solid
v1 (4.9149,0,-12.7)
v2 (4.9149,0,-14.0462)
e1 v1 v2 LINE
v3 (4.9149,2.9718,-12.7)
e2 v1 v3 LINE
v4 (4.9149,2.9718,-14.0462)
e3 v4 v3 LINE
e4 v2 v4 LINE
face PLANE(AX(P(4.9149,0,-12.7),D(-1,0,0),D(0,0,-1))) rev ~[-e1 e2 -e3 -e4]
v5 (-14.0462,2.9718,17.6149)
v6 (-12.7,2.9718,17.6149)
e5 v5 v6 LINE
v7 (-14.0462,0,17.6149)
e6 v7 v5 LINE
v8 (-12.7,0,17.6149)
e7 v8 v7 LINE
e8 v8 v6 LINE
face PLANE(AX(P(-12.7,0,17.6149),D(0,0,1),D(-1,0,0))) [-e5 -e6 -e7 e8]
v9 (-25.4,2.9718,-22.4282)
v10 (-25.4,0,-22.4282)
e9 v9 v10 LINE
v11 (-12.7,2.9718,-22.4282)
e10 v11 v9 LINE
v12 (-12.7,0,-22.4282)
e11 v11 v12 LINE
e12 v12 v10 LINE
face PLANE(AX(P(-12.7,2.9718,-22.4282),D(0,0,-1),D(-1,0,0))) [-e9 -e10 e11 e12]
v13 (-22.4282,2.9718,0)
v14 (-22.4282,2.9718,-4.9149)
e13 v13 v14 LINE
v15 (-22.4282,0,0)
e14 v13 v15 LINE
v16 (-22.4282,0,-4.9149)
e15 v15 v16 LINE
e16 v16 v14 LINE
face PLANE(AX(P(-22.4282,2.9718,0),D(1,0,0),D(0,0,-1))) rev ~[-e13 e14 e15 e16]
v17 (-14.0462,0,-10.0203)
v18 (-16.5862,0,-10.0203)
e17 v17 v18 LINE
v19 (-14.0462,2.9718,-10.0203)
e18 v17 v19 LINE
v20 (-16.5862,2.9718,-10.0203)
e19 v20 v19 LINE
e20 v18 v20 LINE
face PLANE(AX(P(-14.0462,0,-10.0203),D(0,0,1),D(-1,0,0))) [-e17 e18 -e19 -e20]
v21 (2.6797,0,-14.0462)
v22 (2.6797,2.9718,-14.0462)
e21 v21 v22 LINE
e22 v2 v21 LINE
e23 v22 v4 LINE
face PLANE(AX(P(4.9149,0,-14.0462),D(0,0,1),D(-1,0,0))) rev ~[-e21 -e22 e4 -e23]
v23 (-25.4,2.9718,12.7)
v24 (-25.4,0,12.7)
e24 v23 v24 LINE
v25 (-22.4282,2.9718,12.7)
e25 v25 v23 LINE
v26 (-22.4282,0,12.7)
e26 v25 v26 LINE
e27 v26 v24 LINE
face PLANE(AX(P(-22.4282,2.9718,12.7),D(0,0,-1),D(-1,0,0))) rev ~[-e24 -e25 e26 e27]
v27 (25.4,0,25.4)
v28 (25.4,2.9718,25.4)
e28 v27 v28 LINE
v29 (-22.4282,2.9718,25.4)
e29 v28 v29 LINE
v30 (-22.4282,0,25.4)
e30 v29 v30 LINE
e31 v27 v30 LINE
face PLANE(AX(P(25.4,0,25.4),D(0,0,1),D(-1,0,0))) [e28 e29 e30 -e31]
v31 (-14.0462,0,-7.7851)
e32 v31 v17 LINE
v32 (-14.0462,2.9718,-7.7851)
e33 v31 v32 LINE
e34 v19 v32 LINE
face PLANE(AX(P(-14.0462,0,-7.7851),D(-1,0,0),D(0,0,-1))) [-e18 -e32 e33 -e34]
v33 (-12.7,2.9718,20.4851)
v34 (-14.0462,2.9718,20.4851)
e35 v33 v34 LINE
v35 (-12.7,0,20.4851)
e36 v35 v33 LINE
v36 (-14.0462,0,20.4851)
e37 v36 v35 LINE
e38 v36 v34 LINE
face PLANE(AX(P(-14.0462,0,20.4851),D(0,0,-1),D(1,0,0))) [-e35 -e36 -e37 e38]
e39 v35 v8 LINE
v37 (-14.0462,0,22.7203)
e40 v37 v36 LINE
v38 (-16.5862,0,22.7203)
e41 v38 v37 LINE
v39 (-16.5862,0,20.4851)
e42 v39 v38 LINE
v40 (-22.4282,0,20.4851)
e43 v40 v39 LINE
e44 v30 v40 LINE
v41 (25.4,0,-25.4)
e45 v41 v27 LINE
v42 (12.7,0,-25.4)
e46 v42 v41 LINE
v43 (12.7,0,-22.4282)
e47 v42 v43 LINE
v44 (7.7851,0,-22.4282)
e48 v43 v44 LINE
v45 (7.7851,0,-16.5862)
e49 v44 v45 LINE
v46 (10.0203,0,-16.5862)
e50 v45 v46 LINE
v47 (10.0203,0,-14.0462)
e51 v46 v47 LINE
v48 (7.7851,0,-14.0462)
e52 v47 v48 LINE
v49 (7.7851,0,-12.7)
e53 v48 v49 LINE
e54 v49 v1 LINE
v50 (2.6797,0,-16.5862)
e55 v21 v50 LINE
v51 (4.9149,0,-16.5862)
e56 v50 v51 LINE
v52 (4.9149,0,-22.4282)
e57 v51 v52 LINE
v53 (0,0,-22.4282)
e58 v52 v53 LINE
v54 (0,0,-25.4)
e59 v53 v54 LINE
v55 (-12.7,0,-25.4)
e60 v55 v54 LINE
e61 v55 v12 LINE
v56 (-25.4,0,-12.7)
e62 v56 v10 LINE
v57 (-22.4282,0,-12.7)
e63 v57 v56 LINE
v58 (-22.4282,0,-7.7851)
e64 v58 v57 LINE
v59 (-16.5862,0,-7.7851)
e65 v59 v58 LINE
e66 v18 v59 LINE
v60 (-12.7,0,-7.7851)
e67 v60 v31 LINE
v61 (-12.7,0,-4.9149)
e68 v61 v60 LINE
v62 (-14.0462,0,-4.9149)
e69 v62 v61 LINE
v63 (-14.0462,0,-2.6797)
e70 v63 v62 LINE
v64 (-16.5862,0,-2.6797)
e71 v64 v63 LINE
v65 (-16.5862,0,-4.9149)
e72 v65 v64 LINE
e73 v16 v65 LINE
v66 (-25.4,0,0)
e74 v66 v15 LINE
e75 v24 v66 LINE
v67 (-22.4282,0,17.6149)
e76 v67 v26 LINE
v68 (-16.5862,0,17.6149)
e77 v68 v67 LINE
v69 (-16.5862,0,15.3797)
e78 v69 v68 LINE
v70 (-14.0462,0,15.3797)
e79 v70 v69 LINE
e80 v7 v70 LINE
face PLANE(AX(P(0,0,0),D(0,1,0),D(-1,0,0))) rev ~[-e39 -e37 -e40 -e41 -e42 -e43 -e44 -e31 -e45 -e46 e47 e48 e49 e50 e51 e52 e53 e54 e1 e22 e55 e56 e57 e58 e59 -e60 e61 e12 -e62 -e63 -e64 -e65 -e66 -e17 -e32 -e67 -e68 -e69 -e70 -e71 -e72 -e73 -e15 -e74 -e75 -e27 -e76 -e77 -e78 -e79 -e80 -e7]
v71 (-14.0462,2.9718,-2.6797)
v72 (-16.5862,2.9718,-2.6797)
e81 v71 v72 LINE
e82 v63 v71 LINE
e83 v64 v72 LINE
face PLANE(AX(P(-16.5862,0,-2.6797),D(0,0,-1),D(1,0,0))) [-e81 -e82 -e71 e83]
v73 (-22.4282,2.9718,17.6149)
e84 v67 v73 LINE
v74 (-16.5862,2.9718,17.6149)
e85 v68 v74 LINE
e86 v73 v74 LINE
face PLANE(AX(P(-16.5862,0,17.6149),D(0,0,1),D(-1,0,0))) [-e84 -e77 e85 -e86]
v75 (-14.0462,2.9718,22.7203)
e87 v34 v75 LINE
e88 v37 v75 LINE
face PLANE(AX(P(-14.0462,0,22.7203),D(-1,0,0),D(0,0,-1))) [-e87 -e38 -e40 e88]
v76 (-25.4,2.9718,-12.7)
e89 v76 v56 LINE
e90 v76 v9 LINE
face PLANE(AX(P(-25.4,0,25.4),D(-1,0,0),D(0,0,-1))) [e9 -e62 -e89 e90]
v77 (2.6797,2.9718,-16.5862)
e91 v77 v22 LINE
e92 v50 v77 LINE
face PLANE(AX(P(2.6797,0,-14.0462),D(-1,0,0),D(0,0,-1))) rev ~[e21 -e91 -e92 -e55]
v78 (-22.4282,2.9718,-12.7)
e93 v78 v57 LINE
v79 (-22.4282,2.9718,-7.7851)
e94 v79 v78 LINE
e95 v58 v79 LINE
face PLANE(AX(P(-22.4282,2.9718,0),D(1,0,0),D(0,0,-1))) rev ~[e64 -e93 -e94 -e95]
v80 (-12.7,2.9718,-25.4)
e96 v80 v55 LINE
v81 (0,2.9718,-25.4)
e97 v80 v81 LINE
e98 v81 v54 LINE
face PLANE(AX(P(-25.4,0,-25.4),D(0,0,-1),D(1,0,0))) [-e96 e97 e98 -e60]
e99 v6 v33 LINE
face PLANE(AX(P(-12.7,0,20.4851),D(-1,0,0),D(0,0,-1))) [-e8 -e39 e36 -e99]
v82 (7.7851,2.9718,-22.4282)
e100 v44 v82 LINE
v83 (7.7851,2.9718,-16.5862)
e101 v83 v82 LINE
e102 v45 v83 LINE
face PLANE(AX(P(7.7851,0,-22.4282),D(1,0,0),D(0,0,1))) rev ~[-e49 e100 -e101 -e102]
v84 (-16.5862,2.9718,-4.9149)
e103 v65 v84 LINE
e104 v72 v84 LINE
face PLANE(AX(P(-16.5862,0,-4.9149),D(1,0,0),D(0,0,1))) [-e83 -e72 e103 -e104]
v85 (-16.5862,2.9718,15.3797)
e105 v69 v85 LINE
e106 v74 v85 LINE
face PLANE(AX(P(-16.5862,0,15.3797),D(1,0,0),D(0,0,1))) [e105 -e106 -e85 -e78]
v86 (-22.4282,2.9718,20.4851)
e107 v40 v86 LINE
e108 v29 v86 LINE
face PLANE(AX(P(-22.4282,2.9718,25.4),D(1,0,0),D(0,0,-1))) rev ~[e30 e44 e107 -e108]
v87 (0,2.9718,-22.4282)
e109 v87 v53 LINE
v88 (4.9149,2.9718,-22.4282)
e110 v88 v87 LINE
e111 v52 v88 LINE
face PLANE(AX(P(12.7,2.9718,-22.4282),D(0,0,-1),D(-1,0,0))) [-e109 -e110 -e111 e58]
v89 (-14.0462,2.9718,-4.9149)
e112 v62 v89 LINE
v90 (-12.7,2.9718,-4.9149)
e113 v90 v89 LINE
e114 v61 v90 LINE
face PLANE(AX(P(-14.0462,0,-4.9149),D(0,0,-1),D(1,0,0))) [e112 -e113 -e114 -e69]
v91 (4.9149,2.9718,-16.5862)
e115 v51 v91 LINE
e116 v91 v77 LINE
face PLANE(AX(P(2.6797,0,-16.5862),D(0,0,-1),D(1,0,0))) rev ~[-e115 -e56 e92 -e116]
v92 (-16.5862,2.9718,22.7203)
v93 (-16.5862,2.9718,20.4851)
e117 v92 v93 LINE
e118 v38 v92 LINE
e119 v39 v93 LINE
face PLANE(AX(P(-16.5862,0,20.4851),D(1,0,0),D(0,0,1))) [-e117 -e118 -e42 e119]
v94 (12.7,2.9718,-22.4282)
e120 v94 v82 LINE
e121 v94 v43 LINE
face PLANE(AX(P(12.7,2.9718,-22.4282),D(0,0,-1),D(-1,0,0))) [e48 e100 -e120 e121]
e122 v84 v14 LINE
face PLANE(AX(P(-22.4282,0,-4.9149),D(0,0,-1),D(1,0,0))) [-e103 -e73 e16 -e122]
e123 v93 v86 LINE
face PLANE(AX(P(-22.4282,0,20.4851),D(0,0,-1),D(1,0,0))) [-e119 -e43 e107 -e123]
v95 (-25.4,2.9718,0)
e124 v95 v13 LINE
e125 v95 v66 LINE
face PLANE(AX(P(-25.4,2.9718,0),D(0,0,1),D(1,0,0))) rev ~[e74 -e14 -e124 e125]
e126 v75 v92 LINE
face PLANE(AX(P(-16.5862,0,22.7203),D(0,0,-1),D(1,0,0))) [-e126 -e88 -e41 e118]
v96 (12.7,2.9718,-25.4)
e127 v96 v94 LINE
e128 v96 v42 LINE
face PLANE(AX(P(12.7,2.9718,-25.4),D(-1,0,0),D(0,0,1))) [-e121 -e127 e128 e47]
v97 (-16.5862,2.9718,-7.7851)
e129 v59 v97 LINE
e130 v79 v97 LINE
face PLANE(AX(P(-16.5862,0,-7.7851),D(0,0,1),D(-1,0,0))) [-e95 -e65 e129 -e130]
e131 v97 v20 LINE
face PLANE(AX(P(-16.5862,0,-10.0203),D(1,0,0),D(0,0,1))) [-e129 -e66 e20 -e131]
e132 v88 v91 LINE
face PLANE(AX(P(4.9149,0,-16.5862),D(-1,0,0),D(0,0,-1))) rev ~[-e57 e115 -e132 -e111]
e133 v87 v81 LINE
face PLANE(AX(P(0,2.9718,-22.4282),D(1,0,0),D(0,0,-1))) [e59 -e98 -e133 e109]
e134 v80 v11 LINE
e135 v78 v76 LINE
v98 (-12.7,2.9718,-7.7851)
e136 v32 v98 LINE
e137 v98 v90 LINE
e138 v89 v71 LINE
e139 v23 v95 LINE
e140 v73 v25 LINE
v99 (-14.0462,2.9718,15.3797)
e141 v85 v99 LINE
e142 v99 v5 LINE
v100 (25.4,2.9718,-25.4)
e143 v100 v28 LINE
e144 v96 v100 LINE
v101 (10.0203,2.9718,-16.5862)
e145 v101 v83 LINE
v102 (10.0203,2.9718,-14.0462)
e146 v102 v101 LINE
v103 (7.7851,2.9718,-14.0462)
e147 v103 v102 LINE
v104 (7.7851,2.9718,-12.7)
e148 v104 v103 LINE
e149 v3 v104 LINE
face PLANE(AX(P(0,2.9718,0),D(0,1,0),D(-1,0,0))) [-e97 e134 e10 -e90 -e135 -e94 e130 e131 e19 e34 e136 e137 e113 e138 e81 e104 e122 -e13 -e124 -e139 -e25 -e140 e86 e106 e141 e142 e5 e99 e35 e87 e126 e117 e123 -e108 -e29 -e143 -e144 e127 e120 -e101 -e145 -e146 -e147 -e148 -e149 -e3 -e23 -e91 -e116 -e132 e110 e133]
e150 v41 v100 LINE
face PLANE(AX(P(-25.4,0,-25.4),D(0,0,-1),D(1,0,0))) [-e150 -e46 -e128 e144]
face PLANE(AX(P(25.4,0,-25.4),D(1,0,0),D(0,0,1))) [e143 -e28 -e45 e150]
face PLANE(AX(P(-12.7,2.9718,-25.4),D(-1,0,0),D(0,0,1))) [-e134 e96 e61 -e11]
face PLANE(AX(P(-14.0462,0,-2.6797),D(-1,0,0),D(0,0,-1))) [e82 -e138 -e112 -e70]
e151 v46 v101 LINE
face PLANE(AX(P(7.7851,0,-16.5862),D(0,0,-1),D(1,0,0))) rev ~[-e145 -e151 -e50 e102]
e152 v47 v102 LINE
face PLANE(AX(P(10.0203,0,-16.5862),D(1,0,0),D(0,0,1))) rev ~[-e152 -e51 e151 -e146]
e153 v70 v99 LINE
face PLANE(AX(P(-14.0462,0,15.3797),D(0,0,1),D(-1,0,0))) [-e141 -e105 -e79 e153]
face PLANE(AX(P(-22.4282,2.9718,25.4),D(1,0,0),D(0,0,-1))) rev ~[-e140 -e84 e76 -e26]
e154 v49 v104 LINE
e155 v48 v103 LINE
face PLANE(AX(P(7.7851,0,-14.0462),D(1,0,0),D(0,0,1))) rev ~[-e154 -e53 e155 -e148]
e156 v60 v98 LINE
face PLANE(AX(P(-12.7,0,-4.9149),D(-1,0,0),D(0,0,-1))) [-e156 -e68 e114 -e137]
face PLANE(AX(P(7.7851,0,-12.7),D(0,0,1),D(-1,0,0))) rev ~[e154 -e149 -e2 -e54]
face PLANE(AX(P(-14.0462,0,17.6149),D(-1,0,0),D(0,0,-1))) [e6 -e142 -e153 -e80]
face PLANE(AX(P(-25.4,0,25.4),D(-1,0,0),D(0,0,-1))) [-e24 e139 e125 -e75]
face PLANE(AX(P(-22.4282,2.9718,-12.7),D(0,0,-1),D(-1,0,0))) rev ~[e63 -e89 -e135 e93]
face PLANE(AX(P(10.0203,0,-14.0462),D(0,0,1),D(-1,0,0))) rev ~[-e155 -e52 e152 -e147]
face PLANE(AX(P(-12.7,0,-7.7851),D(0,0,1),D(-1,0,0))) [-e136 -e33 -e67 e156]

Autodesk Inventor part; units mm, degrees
ref_plane "YZ Plane" through (0, 0, 0) normal (1, 0, 0) x (0, 1, 0)
ref_plane "XZ Plane" through (0, 0, 0) normal (0, 1, 0) x (-1, 0, 0)
ref_plane "XY Plane" through (0, 0, 0) normal (0, 0, 1) x (1, 0, 0)
sketch "Sketch1" plane through (0, 0, 0) normal (0, 1, 0) x (-1, 0, 0)
  line L0 (-25.4, 25.4) -> (25.4, 25.4)
  line L1 (25.4, 25.4) -> (25.4, -25.4)
  line L2 (25.4, -25.4) -> (-25.4, -25.4)
  line L3 (-25.4, -25.4) -> (-25.4, 25.4)
  line L4 (-25.4, 25.4) -> (25.4, -25.4) construction
  line L5 (25.4, 25.4) -> (-25.4, -25.4) construction
  point P0 (0, 0)
  dimension "d0" = 50.8
  dimension "d1" = 50.8
extrude "Extrusion1" add sketch "Sketch1" along normal blind 2.9718
sketch "Sketch2" plane through (0, 2.9718, 0) normal (0, 1, 0) x (1, 0, 0)
  line L0 (-25.4, -25.4) -> (25.4, -25.4) projected
  line L1 (-25.4, -25.4) -> (-22.4282, -25.4)
  line L2 (-22.4282, -25.4) -> (-22.4282, -12.7)
  line L3 (-22.4282, -12.7) -> (-25.4, -12.7)
  line L4 (-25.4, -12.7) -> (-25.4, -25.4)
  line L5 (-25.4, 25.4) -> (-25.4, -25.4) projected
  line L6 (-25.4, 0) -> (-22.4282, 0)
  line L7 (-22.4282, 0) -> (-22.4282, 12.7)
  line L8 (-22.4282, 12.7) -> (-25.4, 12.7)
  line L9 (-25.4, 12.7) -> (-25.4, 0)
  line L10 (-25.4, 25.4) -> (-12.7, 25.4)
  line L11 (-12.7, 25.4) -> (-12.7, 22.4282)
  line L12 (-12.7, 22.4282) -> (-25.4, 22.4282)
  line L13 (-25.4, 22.4282) -> (-25.4, 25.4)
  line L14 (25.4, 25.4) -> (-25.4, 25.4) projected
  line L15 (0, 25.4) -> (12.7, 25.4)
  line L16 (12.7, 25.4) -> (12.7, 22.4282)
  line L17 (12.7, 22.4282) -> (0, 22.4282)
  line L18 (0, 22.4282) -> (0, 25.4)
  point P0 (0, 0)
  dimension "d4" = 2.9718
  dimension "d5" = 12.7
  dimension "d6" = 2.9718
  dimension "d7" = 12.7
  dimension "d8" = 12.7
  dimension "d9" = 2.9718
  dimension "d10" = 12.7
  dimension "d11" = 2.9718
extrude "Extrusion2" cut sketch "Sketch2" against normal blind 2.9718
sketch "Sketch3" plane through (0, 0, 0) normal (0, -1, 0) x (1, 0, 0)
  line L0 (7.7851, -12.7) -> (4.9149, -12.7)
  line L1 (4.9149, -22.4282) -> (7.7851, -22.4282)
  line L2 (7.7851, -12.7) -> (4.9149, -22.4282) construction
  line L3 (4.9149, -12.7) -> (7.7851, -22.4282) construction
  line L4 (0, -22.4282) -> (12.7, -22.4282) projected
  line L5 (12.7, -22.4282) -> (12.7, -25.4) projected
  line L6 (2.6797, -14.0462) -> (2.6797, -16.5862)
  line L7 (10.0203, -16.5862) -> (10.0203, -14.0462)
  line L8 (10.0203, -14.0462) -> (2.6797, -16.5862) construction
  line L9 (2.6797, -14.0462) -> (10.0203, -16.5862) construction
  line L10 (2.6797, -16.5862) -> (4.9149, -16.5862)
  line L11 (4.9149, -12.7) -> (4.9149, -14.0462)
  line L12 (4.9149, -16.5862) -> (4.9149, -22.4282)
  line L13 (10.0203, -14.0462) -> (7.7851, -14.0462)
  line L14 (4.9149, -14.0462) -> (2.6797, -14.0462)
  line L15 (7.7851, -22.4282) -> (7.7851, -16.5862)
  line L16 (7.7851, -14.0462) -> (7.7851, -12.7)
  line L17 (7.7851, -16.5862) -> (10.0203, -16.5862)
  line L18 (-14.0462, -10.0203) -> (-16.5862, -10.0203)
  line L19 (-16.5862, -10.0203) -> (-16.5862, -7.7851)
  line L20 (-16.5862, -7.7851) -> (-22.4282, -7.7851)
  line L21 (-22.4282, -7.7851) -> (-22.4282, -4.9149)
  line L22 (-22.4282, -4.9149) -> (-16.5862, -4.9149)
  line L23 (-16.5862, -4.9149) -> (-16.5862, -2.6797)
  line L24 (-16.5862, -2.6797) -> (-14.0462, -2.6797)
  line L25 (-14.0462, -2.6797) -> (-14.0462, -4.9149)
  line L26 (-14.0462, -4.9149) -> (-12.7, -4.9149)
  line L27 (-12.7, -4.9149) -> (-12.7, -7.7851)
  line L28 (-12.7, -7.7851) -> (-14.0462, -7.7851)
  line L29 (-14.0462, -7.7851) -> (-14.0462, -10.0203)
  line L30 (-25.4, 0) -> (-22.4282, 0) projected
  line L31 (-22.4282, -12.7) -> (-22.4282, 0) projected
  line L32 (-14.0462, 17.6149) -> (-14.0462, 15.3797)
  line L33 (-12.7, 17.6149) -> (-14.0462, 17.6149)
  line L34 (-12.7, 20.4851) -> (-12.7, 17.6149)
  line L35 (-14.0462, 15.3797) -> (-16.5862, 15.3797)
  line L36 (-14.0462, 20.4851) -> (-12.7, 20.4851)
  line L37 (-14.0462, 22.7203) -> (-14.0462, 20.4851)
  line L38 (-16.5862, 22.7203) -> (-14.0462, 22.7203)
  line L39 (-16.5862, 15.3797) -> (-16.5862, 17.6149)
  line L40 (-16.5862, 20.4851) -> (-16.5862, 22.7203)
  line L41 (-22.4282, 20.4851) -> (-16.5862, 20.4851)
  line L42 (-16.5862, 17.6149) -> (-22.4282, 17.6149)
  line L43 (-22.4282, 17.6149) -> (-22.4282, 20.4851)
  point P0 (0, 0)
  point P1 (6.35, -17.5641)
  point P2 (6.35, -15.3162)
  dimension "d14" = 0
  dimension "d15" = 2.8702
  dimension "d16" = 6.35
  dimension "d17" = 9.7282
  dimension "d18" = 7.3406
  dimension "d19" = 0
  dimension "d20" = 2.54
  dimension "d22" = 5.842
  dimension "d23" = 2.2352
  dimension "d24" = 5.842
  dimension "d25" = 2.8702
  dimension "d26" = 1.3462
  dimension "d46" = 2.8702
  dimension "d47" = 5.842
  dimension "d48" = 2.2352
  dimension "d49" = 2.2352
  dimension "d50" = 1.3462
  dimension "d51" = 2.54
  dimension "d52" = 2.54
  dimension "d60" = 4.9149
  dimension "d61" = 0
  dimension "d64" = 25.4
extrude "Extrusion4" cut sketch "Sketch3" against normal blind 25.4
properties part number "base"
